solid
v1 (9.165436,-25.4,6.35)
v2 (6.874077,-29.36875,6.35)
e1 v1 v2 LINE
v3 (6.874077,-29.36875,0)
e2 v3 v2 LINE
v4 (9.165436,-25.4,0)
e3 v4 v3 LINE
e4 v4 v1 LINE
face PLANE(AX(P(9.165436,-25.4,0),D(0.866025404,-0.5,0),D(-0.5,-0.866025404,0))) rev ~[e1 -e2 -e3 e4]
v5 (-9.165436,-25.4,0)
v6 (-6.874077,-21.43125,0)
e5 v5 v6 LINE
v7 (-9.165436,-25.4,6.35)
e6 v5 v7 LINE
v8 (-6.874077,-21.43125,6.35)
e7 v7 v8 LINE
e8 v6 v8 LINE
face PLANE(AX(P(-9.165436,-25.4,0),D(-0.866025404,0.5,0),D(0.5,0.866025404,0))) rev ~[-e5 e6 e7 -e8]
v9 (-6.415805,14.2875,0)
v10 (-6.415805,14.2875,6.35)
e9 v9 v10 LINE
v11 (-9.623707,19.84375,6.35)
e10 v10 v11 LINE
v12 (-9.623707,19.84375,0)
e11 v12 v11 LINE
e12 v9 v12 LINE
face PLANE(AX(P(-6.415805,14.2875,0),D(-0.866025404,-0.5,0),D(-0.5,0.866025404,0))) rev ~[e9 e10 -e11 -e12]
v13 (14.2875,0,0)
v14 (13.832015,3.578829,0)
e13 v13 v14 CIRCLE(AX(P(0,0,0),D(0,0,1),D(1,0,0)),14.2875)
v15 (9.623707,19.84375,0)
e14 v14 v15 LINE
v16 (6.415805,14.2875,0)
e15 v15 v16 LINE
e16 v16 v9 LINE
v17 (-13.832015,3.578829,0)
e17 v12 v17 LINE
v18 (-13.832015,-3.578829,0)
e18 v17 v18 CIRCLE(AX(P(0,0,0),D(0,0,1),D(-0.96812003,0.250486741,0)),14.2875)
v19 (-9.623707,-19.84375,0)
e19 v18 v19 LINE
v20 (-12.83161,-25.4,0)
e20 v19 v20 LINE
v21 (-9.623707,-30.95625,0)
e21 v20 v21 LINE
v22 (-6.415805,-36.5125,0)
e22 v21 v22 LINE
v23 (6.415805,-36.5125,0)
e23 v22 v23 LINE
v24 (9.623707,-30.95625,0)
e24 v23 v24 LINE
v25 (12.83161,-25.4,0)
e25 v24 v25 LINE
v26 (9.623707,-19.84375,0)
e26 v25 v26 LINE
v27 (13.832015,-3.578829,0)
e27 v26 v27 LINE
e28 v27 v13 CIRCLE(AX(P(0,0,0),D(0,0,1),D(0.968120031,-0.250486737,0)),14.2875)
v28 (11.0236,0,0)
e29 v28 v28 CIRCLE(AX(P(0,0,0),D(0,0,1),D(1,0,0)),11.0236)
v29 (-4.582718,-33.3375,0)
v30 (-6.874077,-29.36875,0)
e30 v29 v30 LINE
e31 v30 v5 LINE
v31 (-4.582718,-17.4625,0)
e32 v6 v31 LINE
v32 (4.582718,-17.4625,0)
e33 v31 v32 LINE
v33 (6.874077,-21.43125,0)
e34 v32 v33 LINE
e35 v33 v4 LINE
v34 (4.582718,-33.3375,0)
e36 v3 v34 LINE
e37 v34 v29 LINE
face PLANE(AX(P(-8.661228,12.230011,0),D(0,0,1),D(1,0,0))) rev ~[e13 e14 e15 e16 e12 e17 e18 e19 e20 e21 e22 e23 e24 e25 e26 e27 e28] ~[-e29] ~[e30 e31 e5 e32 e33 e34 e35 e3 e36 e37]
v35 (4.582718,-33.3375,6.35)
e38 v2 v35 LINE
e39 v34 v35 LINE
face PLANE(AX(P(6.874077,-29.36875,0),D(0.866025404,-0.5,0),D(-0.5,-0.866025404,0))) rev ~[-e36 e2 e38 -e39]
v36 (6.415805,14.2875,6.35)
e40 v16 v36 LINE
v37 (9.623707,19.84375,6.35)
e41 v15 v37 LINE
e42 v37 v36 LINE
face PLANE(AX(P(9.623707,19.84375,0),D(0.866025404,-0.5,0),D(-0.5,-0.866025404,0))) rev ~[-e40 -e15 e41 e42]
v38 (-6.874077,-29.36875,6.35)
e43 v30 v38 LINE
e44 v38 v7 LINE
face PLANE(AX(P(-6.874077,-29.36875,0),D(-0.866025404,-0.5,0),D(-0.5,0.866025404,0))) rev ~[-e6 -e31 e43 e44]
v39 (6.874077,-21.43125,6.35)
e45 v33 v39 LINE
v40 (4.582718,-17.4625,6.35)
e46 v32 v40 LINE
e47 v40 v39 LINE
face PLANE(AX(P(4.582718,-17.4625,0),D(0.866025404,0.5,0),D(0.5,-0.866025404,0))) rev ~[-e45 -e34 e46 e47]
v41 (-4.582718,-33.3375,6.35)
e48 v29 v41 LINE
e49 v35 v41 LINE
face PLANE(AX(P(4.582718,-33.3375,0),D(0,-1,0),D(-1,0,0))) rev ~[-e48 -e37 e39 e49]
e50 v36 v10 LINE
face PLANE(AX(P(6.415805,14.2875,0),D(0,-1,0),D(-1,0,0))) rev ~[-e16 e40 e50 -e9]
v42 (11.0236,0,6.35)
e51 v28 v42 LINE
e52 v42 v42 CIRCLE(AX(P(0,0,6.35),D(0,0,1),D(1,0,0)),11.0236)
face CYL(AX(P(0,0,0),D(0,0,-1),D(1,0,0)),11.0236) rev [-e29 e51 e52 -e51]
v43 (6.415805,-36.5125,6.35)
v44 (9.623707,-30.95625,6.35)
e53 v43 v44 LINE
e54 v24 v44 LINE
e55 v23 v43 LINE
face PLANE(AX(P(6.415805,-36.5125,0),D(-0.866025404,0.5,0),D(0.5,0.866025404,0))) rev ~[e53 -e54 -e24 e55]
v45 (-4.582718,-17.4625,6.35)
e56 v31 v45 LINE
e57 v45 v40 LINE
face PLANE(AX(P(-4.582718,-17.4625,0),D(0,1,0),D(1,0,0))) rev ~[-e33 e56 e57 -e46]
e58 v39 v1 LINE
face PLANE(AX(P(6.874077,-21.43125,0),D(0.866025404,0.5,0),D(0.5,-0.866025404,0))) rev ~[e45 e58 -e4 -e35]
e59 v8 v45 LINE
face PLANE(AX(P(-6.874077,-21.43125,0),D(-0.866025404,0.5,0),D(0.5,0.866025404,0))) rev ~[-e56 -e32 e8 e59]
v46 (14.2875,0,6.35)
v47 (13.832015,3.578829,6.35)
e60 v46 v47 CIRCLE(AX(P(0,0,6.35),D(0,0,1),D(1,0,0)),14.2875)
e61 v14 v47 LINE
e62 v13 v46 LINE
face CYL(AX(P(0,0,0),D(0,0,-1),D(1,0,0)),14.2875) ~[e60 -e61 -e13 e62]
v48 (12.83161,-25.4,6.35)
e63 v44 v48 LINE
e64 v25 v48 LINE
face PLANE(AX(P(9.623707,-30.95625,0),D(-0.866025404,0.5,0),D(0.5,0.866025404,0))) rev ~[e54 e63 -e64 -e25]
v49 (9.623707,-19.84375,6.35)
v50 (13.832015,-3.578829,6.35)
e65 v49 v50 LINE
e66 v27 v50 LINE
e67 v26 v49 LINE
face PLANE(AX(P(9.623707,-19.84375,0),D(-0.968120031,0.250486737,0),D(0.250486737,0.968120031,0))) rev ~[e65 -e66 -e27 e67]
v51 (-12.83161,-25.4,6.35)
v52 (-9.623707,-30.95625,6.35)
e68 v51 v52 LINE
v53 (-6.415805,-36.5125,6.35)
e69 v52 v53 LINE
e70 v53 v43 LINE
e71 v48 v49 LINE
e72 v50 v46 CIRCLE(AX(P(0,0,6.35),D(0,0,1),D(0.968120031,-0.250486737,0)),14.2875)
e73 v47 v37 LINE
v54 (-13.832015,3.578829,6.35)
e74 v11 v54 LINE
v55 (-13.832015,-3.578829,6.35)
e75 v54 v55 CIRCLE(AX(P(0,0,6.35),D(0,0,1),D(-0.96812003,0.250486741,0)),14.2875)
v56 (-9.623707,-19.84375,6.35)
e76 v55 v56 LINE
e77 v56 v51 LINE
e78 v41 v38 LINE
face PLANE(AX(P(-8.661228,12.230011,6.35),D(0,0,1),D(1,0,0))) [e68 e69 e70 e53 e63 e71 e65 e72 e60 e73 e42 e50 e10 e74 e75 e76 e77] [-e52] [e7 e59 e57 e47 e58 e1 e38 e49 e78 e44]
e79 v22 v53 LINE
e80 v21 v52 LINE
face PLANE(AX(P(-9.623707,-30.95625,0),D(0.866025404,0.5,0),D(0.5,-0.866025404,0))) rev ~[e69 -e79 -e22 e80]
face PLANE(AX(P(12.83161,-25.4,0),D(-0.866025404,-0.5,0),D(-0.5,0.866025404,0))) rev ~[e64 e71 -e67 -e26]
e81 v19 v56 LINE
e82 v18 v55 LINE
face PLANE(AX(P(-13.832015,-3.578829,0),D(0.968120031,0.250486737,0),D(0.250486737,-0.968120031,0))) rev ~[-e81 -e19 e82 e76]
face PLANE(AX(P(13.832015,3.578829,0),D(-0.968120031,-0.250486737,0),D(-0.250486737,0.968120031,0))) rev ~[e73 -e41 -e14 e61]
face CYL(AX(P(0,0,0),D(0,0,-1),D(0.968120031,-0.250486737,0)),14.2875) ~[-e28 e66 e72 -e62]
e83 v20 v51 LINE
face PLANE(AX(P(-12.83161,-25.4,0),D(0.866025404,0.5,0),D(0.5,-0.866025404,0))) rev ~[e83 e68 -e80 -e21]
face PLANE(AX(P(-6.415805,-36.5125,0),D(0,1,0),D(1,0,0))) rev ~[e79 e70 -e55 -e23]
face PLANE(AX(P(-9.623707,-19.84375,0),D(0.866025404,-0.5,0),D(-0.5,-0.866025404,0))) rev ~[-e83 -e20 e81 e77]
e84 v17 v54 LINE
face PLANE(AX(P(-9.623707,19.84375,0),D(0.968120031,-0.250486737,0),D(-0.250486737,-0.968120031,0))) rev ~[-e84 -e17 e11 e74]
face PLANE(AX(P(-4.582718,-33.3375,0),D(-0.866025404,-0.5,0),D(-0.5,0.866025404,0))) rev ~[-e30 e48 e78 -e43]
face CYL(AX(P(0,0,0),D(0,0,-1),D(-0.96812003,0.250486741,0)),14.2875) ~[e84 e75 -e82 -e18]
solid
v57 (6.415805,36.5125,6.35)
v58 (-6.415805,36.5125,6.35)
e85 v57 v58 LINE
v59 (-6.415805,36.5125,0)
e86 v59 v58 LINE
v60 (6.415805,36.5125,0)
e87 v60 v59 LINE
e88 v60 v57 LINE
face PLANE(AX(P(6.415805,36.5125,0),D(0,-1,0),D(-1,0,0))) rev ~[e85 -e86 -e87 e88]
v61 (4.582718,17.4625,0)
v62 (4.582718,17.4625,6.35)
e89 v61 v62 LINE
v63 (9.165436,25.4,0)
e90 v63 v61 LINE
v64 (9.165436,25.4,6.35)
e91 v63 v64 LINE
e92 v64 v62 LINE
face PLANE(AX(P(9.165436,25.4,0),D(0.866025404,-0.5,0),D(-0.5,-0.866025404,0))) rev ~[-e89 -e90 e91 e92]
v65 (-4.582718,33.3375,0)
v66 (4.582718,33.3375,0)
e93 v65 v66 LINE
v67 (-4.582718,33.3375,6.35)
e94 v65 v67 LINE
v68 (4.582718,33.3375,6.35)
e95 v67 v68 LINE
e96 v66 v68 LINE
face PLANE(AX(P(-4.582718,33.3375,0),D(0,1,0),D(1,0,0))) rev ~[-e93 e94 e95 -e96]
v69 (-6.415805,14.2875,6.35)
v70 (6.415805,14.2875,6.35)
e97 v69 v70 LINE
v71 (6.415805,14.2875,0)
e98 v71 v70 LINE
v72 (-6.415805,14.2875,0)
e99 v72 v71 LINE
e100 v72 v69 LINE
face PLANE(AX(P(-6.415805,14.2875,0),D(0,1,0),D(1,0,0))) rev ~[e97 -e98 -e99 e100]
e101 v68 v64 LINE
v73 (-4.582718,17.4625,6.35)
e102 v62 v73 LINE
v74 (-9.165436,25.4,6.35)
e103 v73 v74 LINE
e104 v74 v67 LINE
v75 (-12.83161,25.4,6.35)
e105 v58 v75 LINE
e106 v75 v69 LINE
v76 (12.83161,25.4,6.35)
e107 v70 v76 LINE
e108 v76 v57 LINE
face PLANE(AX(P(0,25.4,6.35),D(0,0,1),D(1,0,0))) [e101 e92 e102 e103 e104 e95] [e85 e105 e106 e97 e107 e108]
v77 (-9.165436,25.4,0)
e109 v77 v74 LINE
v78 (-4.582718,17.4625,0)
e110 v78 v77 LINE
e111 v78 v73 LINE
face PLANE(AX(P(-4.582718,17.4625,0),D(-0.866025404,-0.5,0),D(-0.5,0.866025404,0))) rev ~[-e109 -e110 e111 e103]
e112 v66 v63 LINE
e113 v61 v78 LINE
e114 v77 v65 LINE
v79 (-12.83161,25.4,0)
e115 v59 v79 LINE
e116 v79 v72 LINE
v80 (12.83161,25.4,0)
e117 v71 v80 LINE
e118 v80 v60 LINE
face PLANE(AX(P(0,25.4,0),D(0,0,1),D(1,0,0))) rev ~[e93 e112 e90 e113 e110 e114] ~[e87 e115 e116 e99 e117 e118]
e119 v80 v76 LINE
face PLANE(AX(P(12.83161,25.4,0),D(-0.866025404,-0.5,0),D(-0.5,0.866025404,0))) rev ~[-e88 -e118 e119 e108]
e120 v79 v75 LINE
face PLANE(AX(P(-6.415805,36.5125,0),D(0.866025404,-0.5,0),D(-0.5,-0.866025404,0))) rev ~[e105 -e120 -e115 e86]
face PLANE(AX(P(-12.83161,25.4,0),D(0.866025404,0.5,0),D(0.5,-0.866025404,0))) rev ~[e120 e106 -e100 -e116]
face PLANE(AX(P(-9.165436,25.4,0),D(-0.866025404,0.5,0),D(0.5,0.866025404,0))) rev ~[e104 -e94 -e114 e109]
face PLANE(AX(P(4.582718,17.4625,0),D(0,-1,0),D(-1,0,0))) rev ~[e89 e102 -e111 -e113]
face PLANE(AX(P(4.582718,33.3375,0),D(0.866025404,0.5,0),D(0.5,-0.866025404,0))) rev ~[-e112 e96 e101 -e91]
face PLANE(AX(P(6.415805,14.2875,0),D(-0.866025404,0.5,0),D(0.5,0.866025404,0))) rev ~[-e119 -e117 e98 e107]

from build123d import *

# Parameters (mm, degrees)
F2_DEPTH = 6.35
F1_R     = 11.0236


with BuildPart() as f2:
    # F0 (on Top) → F2 (new body)
    with BuildSketch(Plane.XY):
        Polygon((-6.4158048664, 14.2875), (0, 14.2875), (6.4158048664, 14.2875), (12.8316097327, 25.4), (6.4158048664, 36.5125), (-6.4158048664, 36.5125), (-12.8316097327, 25.4), align=None)
        Polygon((9.1654355234, 25.4), (4.5827177617, 17.4625), (-4.5827177617, 17.4625), (-9.1654355234, 25.4), (-4.5827177617, 33.3375), (4.5827177617, 33.3375), align=None, mode=Mode.SUBTRACT)
    extrude(amount=F2_DEPTH)


with BuildPart() as f2b:
    # F1 (on Top) → F2, piece 2 (new body)
    with BuildSketch(Plane.XY):
        with BuildLine():
            ThreePointArc((-13.8320149289, 3.5788293136), (-8.7464316332, 11.2974594461), (-1.41e-08, 14.2875))
            Line((-1.41e-08, 14.2875), (-6.4158048664, 14.2875))
            Line((-6.4158048664, 14.2875), (-9.6237072996, 19.84375))
            Line((-9.6237072996, 19.84375), (-13.8320149289, 3.5788293136))
        make_face()
        with BuildLine():
            Line((9.6237072996, 19.84375), (6.4158048664, 14.2875))
            Line((6.4158048664, 14.2875), (-1.41e-08, 14.2875))
            ThreePointArc((-1.41e-08, 14.2875), (8.7464317138, 11.2974593837), (13.8320149871, 3.5788290888))
            Line((13.8320149871, 3.5788290888), (9.6237072996, 19.84375))
        make_face()
        with BuildLine():
            ThreePointArc((13.8320149871, 3.5788290888), (8.7464317138, 11.2974593837), (-1.41e-08, 14.2875))
            ThreePointArc((-1.41e-08, 14.2875), (-8.7464316332, 11.2974594461), (-13.8320149289, 3.5788293136))
            ThreePointArc((-13.8320149289, 3.5788293136), (-14.2875, -8.4e-08), (-13.8320148869, -3.5788294762))
            ThreePointArc((-13.8320148869, -3.5788294762), (-8.7464315679, -11.2974594966), (-1.71e-08, -14.2875))
            ThreePointArc((-1.71e-08, -14.2875), (8.746431646, -11.2974594362), (13.8320149449, -3.578829252))
            ThreePointArc((13.8320149449, -3.578829252), (14.1731713066, -1.8038490409), (14.2875, 0))
            ThreePointArc((14.2875, 0), (14.1731713173, 1.8038489574), (13.8320149871, 3.5788290888))
        make_face()
        Circle(F1_R, mode=Mode.SUBTRACT)
        with BuildLine():
            Line((9.6237072996, -19.84375), (13.8320149449, -3.578829252))
            ThreePointArc((13.8320149449, -3.578829252), (8.746431646, -11.2974594362), (-1.71e-08, -14.2875))
            Line((-1.71e-08, -14.2875), (6.4158048664, -14.2875))
            Line((6.4158048664, -14.2875), (9.6237072996, -19.84375))
        make_face()
        with BuildLine():
            ThreePointArc((-1.71e-08, -14.2875), (-8.7464315679, -11.2974594966), (-13.8320148869, -3.5788294762))
            Line((-13.8320148869, -3.5788294762), (-9.6237072996, -19.84375))
            Line((-9.6237072996, -19.84375), (-6.4158048664, -14.2875))
            Line((-6.4158048664, -14.2875), (-1.71e-08, -14.2875))
        make_face()
        with BuildLine():
            ThreePointArc((9.6237072996, -19.84375), (5.5562499926, -15.7762926962), (-1.71e-08, -14.2875))
            ThreePointArc((-1.71e-08, -14.2875), (-5.5562500074, -15.7762927047), (-9.6237072996, -19.84375))
            ThreePointArc((-9.6237072996, -19.84375), (-11.1125, -25.4000000591), (-9.6237072405, -30.9562501024))
            ThreePointArc((-9.6237072405, -30.9562501024), (-5.5562499488, -35.0237073291), (0, -36.5125))
            ThreePointArc((0, -36.5125), (5.5562498804, -35.0237073686), (9.6237071615, -30.9562502392))
            ThreePointArc((9.6237071615, -30.9562502392), (10.7338507089, -28.2761267721), (11.1125, -25.4))
            ThreePointArc((11.1125, -25.4), (10.7338507446, -22.5238733613), (9.6237072996, -19.84375))
        make_face()
        Polygon((0, -17.4625), (4.5827177617, -17.4625), (6.8740766576, -21.4312500262), (9.1654355234, -25.4), (6.8740766192, -29.3687500405), (4.5827177617, -33.3375), (0, -33.3375), (-4.5827177617, -33.3375), (-6.8740766269, -29.368750027), (-9.1654355234, -25.4), (-6.8740765947, -21.4312499171), (-4.5827177617, -17.4625), align=None, mode=Mode.SUBTRACT)
        with BuildLine():
            ThreePointArc((-9.6237072405, -30.9562501024), (-11.1125, -25.4000000591), (-9.6237072996, -19.84375))
            Line((-9.6237072996, -19.84375), (-12.8316097327, -25.4))
            Line((-12.8316097327, -25.4), (-9.6237072405, -30.9562501024))
        make_face()
        with BuildLine():
            ThreePointArc((0, -36.5125), (-5.5562499488, -35.0237073291), (-9.6237072405, -30.9562501024))
            Line((-9.6237072405, -30.9562501024), (-6.4158048664, -36.5125))
            Line((-6.4158048664, -36.5125), (0, -36.5125))
        make_face()
        with BuildLine():
            ThreePointArc((9.6237071615, -30.9562502392), (5.5562498804, -35.0237073686), (0, -36.5125))
            Line((0, -36.5125), (6.4158048664, -36.5125))
            Line((6.4158048664, -36.5125), (9.6237071615, -30.9562502392))
        make_face()
        with BuildLine():
            Line((12.8316097327, -25.4), (9.6237072996, -19.84375))
            ThreePointArc((9.6237072996, -19.84375), (10.7338507446, -22.5238733613), (11.1125, -25.4))
            ThreePointArc((11.1125, -25.4), (10.7338507089, -28.2761267721), (9.6237071615, -30.9562502392))
            Line((9.6237071615, -30.9562502392), (12.8316097327, -25.4))
        make_face()
        with BuildLine():
            Line((6.4158048664, -14.2875), (-1.71e-08, -14.2875))
            ThreePointArc((-1.71e-08, -14.2875), (5.5562499926, -15.7762926962), (9.6237072996, -19.84375))
            Line((9.6237072996, -19.84375), (6.4158048664, -14.2875))
        make_face()
        with BuildLine():
            ThreePointArc((-9.6237072996, -19.84375), (-5.5562500074, -15.7762927047), (-1.71e-08, -14.2875))
            Line((-1.71e-08, -14.2875), (-6.4158048664, -14.2875))
            Line((-6.4158048664, -14.2875), (-9.6237072996, -19.84375))
        make_face()
    extrude(amount=F2_DEPTH)


solid = Compound([f2.part, f2b.part])
